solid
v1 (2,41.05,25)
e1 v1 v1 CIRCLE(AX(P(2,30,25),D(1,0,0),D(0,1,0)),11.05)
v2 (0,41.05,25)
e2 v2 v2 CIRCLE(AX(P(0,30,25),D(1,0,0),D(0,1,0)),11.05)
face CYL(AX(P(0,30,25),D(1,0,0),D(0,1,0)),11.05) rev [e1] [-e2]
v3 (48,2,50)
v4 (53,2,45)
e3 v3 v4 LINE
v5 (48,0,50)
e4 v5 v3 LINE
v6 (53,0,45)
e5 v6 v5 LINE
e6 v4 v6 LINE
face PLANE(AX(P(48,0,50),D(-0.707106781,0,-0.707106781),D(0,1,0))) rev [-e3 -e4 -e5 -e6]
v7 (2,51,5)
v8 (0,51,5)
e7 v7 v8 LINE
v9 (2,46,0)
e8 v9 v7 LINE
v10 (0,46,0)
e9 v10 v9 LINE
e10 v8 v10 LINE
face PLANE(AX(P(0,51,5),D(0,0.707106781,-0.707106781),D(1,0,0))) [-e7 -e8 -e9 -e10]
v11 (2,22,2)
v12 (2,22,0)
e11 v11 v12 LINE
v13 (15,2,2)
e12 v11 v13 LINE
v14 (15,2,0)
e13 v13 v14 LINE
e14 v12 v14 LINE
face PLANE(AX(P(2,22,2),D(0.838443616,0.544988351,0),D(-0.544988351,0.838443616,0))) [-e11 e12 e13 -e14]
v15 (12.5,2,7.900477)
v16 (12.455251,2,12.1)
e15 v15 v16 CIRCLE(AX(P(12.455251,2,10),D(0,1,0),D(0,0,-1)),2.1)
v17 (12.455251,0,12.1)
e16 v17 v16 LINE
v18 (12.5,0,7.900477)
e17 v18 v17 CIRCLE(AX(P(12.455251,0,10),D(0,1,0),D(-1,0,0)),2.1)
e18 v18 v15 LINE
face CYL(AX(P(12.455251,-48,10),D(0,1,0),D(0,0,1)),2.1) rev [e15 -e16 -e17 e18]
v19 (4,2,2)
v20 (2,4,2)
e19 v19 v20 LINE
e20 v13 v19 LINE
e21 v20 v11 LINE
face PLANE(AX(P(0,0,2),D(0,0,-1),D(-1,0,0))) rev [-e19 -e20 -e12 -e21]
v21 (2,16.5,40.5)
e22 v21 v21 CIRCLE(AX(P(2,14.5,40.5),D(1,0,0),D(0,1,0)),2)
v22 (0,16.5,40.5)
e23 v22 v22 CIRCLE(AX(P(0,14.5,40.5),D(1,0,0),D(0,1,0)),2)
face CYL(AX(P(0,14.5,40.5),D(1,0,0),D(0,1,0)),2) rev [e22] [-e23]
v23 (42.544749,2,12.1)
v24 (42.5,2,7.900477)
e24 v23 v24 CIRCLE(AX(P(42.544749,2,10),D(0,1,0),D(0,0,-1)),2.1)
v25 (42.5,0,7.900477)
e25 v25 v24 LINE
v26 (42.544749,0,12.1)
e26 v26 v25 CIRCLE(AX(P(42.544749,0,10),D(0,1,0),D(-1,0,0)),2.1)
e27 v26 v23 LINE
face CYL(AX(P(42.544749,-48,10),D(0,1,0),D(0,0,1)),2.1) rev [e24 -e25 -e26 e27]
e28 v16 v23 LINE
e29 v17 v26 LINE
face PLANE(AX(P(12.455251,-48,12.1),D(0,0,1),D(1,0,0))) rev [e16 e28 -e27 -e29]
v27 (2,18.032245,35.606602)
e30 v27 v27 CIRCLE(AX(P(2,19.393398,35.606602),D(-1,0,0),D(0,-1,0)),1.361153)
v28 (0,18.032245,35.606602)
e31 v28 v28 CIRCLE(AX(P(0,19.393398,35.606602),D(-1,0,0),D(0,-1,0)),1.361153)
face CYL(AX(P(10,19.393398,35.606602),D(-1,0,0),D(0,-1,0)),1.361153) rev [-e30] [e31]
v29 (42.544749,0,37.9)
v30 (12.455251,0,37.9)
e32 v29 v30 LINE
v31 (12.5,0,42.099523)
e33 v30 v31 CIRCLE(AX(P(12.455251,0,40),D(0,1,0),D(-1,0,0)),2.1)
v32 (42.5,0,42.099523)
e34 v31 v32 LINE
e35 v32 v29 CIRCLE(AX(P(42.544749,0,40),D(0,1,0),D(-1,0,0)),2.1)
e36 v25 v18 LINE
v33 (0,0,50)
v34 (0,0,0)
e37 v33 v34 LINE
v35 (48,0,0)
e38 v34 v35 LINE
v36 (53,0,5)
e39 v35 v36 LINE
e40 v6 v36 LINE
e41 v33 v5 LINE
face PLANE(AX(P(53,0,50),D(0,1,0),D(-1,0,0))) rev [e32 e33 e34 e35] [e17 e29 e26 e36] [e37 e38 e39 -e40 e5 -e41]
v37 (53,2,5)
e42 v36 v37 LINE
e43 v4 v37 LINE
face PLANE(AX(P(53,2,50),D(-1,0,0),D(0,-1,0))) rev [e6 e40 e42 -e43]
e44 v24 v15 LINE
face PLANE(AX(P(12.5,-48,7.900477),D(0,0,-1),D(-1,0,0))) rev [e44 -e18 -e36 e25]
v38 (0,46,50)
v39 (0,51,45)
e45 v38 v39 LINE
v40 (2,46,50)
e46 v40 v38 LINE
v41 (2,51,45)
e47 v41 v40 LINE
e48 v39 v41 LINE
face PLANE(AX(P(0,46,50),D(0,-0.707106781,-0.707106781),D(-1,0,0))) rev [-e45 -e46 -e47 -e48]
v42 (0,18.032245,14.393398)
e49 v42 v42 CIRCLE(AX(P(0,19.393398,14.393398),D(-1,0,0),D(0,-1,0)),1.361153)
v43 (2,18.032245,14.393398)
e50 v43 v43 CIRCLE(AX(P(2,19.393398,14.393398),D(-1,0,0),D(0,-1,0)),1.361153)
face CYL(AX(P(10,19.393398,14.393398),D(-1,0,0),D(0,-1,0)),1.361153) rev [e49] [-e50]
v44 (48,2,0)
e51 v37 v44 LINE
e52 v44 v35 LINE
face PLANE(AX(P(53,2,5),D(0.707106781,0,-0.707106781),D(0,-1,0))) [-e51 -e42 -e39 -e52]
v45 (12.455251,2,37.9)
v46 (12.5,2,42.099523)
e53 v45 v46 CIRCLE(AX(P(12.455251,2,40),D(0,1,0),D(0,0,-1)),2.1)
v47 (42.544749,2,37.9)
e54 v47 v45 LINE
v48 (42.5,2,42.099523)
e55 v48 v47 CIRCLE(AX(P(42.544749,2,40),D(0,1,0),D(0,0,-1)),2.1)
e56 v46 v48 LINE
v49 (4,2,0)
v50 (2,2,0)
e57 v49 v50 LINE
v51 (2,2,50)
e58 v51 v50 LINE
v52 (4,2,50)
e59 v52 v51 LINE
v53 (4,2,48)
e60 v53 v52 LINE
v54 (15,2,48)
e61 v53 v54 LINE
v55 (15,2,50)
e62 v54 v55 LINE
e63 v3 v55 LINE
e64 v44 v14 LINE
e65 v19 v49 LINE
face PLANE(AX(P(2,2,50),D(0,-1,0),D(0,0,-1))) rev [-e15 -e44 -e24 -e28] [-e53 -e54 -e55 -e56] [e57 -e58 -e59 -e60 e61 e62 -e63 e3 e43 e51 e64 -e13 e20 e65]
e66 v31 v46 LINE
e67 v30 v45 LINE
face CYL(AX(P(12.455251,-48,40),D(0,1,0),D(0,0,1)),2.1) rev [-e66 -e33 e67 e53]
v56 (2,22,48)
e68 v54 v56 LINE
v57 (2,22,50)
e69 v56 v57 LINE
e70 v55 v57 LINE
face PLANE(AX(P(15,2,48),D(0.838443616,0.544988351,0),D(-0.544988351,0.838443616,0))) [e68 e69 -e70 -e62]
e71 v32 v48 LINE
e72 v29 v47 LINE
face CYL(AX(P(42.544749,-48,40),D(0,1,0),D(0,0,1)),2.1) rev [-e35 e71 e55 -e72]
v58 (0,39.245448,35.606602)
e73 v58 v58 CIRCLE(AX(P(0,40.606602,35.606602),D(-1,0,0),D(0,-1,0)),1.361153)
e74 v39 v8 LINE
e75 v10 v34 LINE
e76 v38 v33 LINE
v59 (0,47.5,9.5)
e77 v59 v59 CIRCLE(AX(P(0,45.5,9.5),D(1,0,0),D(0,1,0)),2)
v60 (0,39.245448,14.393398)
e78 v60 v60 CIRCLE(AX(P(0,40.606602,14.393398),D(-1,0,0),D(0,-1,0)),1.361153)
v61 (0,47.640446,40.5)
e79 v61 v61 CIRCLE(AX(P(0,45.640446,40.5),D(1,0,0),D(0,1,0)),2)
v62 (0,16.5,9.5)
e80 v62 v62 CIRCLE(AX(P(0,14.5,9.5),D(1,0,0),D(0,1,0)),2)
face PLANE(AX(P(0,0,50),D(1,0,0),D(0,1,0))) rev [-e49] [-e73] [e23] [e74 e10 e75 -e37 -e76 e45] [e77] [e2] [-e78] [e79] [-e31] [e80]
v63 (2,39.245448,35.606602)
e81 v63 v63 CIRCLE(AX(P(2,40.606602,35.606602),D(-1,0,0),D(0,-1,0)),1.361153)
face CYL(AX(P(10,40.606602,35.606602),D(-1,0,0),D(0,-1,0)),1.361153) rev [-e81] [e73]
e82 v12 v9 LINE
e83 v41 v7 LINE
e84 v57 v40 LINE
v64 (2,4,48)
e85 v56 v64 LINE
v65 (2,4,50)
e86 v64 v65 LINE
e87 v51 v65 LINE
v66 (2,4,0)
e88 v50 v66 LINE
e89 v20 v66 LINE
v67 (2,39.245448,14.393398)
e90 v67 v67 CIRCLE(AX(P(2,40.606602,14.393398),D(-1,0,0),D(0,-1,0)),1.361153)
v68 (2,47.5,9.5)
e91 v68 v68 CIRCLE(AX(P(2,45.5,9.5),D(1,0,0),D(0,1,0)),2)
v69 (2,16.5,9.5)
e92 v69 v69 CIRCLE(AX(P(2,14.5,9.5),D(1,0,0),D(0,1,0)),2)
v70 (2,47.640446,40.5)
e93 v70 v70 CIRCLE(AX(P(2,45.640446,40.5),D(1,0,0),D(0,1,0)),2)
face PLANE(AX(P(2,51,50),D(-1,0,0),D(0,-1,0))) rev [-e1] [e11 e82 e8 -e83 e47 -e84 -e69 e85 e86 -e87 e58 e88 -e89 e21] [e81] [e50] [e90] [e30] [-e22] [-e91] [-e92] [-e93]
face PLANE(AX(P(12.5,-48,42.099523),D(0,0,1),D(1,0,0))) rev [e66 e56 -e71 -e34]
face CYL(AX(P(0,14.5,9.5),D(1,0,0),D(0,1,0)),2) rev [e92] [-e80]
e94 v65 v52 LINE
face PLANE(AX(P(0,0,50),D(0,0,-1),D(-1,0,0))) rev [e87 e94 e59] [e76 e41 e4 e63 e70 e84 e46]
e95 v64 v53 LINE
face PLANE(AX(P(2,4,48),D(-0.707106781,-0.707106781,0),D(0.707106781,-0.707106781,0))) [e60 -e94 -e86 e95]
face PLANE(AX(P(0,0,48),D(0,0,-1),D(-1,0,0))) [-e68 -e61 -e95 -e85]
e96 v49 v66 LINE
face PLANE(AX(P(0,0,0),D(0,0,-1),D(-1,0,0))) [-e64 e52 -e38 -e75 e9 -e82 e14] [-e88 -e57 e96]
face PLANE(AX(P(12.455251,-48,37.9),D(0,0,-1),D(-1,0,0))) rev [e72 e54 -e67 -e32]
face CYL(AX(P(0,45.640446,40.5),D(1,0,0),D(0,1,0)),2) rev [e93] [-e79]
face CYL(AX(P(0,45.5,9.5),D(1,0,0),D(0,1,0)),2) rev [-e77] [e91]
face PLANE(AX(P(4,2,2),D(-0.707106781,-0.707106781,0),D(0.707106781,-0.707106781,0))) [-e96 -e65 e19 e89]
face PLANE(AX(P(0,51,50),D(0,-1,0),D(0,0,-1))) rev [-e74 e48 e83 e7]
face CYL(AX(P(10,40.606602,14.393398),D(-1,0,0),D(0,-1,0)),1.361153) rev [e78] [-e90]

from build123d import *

# Parameters (mm, degrees)
BOSS_EXTRUDE1_DEPTH = 50
SKETCH2_R           = 11.05
SKETCH2_R_2         = 2
CUT_EXTRUDE1_DEPTH  = 88.761039192
CUT_EXTRUDE2_DEPTH  = 50
BOSS_EXTRUDE2_DEPTH = 2
BOSS_EXTRUDE3_DEPTH = 2
CHAMFER1_SIZE       = 5
SKETCH8_R           = 1.3611534
CUT_EXTRUDE3_DEPTH  = 10


with BuildPart() as part:
    # Sketch1 → Boss-Extrude1 (new body)
    with BuildSketch(Plane.XY):
        Polygon((0, 0), (0, 51), (2, 51), (2, 2), (53, 2), (53, 0), align=None)
    extrude(amount=BOSS_EXTRUDE1_DEPTH)

    # Sketch2 → Cut-Extrude1 (cut, through all)
    with BuildSketch(Plane(origin=(2, 0, 0), x_dir=(0, 0, -1), z_dir=(1, 0, 0))):
        with Locations(Location((-25, 30, 0), (0, 0, 90))):
            Circle(SKETCH2_R)
        with Locations(Location((-40.5, 45.640445987, 0), (0, 0, 90))):
            Circle(SKETCH2_R_2)
        with Locations(Location((-9.5, 45.5, 0), (0, 0, 90))):
            Circle(SKETCH2_R_2)
        with Locations(Location((-40.5, 14.5, 0), (0, 0, 90))):
            Circle(SKETCH2_R_2)
        with Locations(Location((-9.5, 14.5, 0), (0, 0, 90))):
            Circle(SKETCH2_R_2)
    extrude(amount=-CUT_EXTRUDE1_DEPTH, mode=Mode.SUBTRACT)

    # Sketch3 → Cut-Extrude2 (cut)
    with BuildSketch(Plane(origin=(0, 2, 0), x_dir=(1, 0, 0), z_dir=(0, 1, 0))):
        with BuildLine():
            Line((12.455251015, -12.1), (42.544748985, -12.1))
            ThreePointArc((42.544748985, -12.1), (44.644629774, -9.977624237), (42.5, -7.900476833))
            Line((42.5, -7.900476833), (12.5, -7.900476833))
            ThreePointArc((12.5, -7.900476833), (10.355370226, -9.977624237), (12.455251015, -12.1))
        make_face()
        with BuildLine():
            Line((12.5, -42.099523167), (42.5, -42.099523167))
            ThreePointArc((42.5, -42.099523167), (44.644629774, -40.022375763), (42.544748985, -37.9))
            Line((42.544748985, -37.9), (12.455251015, -37.9))
            ThreePointArc((12.455251015, -37.9), (10.355370226, -40.022375763), (12.5, -42.099523167))
        make_face()
    extrude(amount=-CUT_EXTRUDE2_DEPTH, mode=Mode.SUBTRACT)

    # Sketch5 → Boss-Extrude2 (add)
    with BuildSketch(Plane.XY.offset(50)):
        Polygon((2, 22), (2, 4), (4, 2), (15, 2), align=None)
    extrude(amount=-BOSS_EXTRUDE2_DEPTH)

    # Sketch6 → Boss-Extrude3 (add)
    with BuildSketch(Plane(origin=(0, 0, 0), x_dir=(-1, 0, 0), z_dir=(0, 0, -1))):
        Polygon((-4, 2), (-2, 4), (-2, 22), (-15, 2), align=None)
    extrude(amount=-BOSS_EXTRUDE3_DEPTH)

    # Chamfer1
    chamfer1_edges = [part.edges().sort_by_distance(p)[0] for p in [
        (1, 51, 50),
        (1, 51, 0),
        (53, 1, 50),
        (53, 1, 0),
    ]]
    chamfer(chamfer1_edges, length=CHAMFER1_SIZE)

    # Sketch8 → Cut-Extrude3 (cut)
    with BuildSketch(Plane.ZY):
        with Locations(Location((35.606601718, 19.393398282, 0), (0, 0, 270))):
            Circle(SKETCH8_R)
        with Locations(Location((14.393398282, 19.393398282, 0), (0, 0, 270))):
            Circle(SKETCH8_R)
        with Locations(Location((14.393398282, 40.606601718, 0), (0, 0, 270))):
            Circle(SKETCH8_R)
        with Locations(Location((35.606601718, 40.606601718, 0), (0, 0, 270))):
            Circle(SKETCH8_R)
    extrude(amount=-CUT_EXTRUDE3_DEPTH, mode=Mode.SUBTRACT)


solid = part.part
